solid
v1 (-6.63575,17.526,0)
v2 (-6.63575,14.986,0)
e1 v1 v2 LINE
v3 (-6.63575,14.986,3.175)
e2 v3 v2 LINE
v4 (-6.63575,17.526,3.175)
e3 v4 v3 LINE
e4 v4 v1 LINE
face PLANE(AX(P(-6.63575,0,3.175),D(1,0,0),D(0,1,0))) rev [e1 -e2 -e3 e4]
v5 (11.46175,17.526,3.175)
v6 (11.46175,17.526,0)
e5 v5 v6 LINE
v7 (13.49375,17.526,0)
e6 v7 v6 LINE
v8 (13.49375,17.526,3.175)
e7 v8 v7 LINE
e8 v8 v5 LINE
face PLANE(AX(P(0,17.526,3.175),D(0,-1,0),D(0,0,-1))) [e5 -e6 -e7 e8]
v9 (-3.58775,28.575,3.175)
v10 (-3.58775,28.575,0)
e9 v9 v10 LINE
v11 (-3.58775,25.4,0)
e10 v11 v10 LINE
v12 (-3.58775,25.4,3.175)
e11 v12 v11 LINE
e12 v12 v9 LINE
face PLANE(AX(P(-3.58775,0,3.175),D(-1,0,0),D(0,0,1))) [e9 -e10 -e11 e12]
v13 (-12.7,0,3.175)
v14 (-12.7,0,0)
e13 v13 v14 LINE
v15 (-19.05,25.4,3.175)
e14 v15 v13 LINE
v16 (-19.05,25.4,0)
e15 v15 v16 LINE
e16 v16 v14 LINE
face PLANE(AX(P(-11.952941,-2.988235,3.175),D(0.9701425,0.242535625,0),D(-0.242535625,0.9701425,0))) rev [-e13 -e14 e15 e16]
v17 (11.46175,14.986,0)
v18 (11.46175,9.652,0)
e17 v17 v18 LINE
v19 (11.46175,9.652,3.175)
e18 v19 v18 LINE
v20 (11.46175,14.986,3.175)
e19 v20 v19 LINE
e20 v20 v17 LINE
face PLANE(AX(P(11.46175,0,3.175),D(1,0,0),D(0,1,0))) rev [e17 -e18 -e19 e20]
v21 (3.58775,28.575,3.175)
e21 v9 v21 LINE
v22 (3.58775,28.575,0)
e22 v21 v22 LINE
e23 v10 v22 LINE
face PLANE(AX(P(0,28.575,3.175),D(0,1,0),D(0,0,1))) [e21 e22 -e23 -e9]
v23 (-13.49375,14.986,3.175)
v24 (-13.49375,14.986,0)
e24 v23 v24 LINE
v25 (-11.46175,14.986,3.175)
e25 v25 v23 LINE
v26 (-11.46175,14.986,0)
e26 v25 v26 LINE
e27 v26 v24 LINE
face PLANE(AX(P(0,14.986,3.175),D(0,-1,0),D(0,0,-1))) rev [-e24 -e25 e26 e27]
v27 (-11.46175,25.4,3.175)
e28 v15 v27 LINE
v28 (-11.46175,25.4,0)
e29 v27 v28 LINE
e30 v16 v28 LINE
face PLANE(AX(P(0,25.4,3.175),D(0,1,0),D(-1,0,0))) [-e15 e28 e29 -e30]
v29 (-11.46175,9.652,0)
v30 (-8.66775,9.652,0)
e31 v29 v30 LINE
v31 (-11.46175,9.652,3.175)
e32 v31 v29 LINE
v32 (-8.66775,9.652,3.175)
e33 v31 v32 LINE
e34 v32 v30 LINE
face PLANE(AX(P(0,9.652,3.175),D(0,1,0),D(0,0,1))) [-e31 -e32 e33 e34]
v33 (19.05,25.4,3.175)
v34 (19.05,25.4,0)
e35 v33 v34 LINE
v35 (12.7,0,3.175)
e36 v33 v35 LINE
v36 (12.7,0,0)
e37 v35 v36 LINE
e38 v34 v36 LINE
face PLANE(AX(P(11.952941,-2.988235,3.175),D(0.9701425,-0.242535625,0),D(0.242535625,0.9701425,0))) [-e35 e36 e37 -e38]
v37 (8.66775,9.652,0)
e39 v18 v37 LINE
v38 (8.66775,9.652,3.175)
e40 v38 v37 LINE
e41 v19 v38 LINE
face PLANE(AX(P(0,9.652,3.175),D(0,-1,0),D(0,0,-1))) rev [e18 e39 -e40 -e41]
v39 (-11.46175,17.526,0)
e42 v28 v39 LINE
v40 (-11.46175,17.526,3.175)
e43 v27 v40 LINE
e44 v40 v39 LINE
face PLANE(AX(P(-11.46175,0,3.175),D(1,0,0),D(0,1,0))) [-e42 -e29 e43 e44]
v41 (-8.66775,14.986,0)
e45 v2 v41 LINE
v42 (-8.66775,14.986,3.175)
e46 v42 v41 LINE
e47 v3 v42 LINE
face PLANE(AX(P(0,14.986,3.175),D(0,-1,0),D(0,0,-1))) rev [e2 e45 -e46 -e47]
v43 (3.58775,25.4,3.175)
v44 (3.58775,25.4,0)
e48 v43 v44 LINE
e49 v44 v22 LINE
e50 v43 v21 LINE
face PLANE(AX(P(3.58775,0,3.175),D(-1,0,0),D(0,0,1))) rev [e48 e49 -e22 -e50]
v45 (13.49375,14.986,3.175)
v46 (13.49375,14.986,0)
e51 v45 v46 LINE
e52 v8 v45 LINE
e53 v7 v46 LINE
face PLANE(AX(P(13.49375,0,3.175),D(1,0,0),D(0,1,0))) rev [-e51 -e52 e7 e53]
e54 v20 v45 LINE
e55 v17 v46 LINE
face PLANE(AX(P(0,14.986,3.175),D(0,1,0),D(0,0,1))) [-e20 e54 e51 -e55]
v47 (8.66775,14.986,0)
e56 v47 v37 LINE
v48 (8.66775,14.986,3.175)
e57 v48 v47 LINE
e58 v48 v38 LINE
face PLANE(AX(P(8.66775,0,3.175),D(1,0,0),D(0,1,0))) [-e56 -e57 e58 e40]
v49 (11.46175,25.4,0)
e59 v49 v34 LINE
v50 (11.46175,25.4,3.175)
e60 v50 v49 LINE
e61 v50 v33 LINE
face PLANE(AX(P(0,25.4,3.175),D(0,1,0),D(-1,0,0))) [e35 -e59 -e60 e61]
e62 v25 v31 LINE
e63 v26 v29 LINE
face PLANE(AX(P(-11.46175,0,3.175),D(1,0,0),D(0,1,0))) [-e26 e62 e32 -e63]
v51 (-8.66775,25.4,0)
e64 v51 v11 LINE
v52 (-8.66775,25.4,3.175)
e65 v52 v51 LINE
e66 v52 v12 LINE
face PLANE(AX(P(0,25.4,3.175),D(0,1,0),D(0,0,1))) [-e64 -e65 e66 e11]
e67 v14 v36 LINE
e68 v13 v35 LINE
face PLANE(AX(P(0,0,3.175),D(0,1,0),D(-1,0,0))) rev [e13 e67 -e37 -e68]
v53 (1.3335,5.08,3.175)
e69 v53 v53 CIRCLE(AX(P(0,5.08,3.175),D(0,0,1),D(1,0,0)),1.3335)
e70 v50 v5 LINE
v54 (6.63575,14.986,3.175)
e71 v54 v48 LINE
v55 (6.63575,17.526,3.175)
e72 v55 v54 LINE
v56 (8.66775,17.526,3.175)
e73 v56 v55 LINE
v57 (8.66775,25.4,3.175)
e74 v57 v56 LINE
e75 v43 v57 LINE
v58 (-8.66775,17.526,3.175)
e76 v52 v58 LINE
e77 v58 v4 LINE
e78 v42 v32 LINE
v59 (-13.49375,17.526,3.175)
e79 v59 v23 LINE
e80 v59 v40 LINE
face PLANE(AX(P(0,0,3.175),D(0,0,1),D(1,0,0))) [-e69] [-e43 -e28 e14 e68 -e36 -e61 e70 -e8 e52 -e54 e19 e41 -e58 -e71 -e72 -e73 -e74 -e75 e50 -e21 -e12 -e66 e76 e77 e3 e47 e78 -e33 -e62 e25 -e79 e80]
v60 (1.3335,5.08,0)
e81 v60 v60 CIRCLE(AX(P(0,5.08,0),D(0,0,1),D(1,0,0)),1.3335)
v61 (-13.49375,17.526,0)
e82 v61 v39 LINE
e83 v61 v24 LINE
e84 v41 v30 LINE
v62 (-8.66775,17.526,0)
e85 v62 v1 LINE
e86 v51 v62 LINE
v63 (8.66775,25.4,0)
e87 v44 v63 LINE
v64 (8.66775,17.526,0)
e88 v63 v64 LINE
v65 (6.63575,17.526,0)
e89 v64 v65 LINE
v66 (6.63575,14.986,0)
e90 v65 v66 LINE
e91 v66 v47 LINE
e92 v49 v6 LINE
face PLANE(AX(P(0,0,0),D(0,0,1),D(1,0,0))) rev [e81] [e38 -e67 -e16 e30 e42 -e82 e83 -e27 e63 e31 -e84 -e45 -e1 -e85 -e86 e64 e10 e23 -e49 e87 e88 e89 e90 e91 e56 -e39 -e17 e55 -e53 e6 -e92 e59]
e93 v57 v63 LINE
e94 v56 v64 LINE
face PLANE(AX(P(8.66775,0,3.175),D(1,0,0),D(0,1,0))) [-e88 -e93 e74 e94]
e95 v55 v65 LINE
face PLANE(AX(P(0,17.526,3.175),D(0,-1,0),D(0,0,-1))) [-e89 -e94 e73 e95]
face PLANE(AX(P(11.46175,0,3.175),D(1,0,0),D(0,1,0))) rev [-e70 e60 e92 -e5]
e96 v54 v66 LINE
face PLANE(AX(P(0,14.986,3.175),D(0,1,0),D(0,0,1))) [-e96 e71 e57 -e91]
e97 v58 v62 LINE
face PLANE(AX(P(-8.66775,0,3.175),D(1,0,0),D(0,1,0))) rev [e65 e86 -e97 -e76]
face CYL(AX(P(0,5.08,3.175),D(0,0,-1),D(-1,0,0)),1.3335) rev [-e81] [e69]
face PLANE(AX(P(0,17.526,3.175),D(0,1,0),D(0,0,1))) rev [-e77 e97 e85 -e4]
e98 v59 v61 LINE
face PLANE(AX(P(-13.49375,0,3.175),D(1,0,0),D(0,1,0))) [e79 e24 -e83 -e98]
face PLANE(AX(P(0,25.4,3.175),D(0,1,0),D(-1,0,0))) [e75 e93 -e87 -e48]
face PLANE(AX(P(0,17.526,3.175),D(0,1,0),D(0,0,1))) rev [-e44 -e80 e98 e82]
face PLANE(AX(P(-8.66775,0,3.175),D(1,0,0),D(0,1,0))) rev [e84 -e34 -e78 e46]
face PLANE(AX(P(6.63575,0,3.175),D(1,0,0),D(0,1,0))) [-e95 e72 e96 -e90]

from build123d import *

# Parameters (mm, degrees)
SKETCH1_W           = 3.58775
SKETCH1_H           = 3.175
BOSS_EXTRUDE1_DEPTH = 3.175


with BuildPart() as part:
    # Sketch1 → Boss-Extrude1 (new body)
    with BuildSketch(Plane.XY):
        with BuildLine():
            Line((0, 3.7465), (0, 0))
            Line((0, 0), (12.7, 0))
            Line((12.7, 0), (19.05, 25.4))
            Line((19.05, 25.4), (11.46175, 25.4))
            Line((11.46175, 25.4), (11.46175, 17.526))
            Line((11.46175, 17.526), (13.49375, 17.526))
            Line((13.49375, 17.526), (13.49375, 14.986))
            Line((13.49375, 14.986), (11.46175, 14.986))
            Line((11.46175, 14.986), (11.46175, 9.652))
            Line((11.46175, 9.652), (8.66775, 9.652))
            Line((8.66775, 9.652), (8.66775, 14.986))
            Line((8.66775, 14.986), (6.63575, 14.986))
            Line((6.63575, 14.986), (6.63575, 17.526))
            Line((6.63575, 17.526), (8.66775, 17.526))
            Line((8.66775, 17.526), (8.66775, 25.4))
            Line((8.66775, 25.4), (3.58775, 25.4))
            Line((3.58775, 25.4), (0, 25.4))
            Line((0, 25.4), (0, 6.4135))
            ThreePointArc((0, 6.4135), (0.942926893, 6.022926893), (1.3335, 5.08))
            ThreePointArc((1.3335, 5.08), (0.942926893, 4.137073107), (0, 3.7465))
        make_face()
        with BuildLine():
            Line((-12.7, 0), (0, 0))
            Line((0, 0), (0, 3.7465))
            ThreePointArc((0, 3.7465), (-1.3335, 5.08), (0, 6.4135))
            Line((0, 6.4135), (0, 25.4))
            Line((0, 25.4), (-3.58775, 25.4))
            Line((-3.58775, 25.4), (-8.66775, 25.4))
            Line((-8.66775, 25.4), (-8.66775, 17.526))
            Line((-8.66775, 17.526), (-6.63575, 17.526))
            Line((-6.63575, 17.526), (-6.63575, 14.986))
            Line((-6.63575, 14.986), (-8.66775, 14.986))
            Line((-8.66775, 14.986), (-8.66775, 9.652))
            Line((-8.66775, 9.652), (-10.06475, 9.652))
            Line((-10.06475, 9.652), (-11.46175, 9.652))
            Line((-11.46175, 9.652), (-11.46175, 14.986))
            Line((-11.46175, 14.986), (-13.49375, 14.986))
            Line((-13.49375, 14.986), (-13.49375, 17.526))
            Line((-13.49375, 17.526), (-11.46175, 17.526))
            Line((-11.46175, 17.526), (-11.46175, 25.4))
            Line((-11.46175, 25.4), (-19.05, 25.4))
            Line((-19.05, 25.4), (-12.7, 0))
        make_face()
        with Locations((1.793875, 26.9875)):
            Rectangle(SKETCH1_W, SKETCH1_H)
        with Locations((-1.793875, 26.9875)):
            Rectangle(SKETCH1_W, SKETCH1_H)
    extrude(amount=BOSS_EXTRUDE1_DEPTH)


solid = part.part
